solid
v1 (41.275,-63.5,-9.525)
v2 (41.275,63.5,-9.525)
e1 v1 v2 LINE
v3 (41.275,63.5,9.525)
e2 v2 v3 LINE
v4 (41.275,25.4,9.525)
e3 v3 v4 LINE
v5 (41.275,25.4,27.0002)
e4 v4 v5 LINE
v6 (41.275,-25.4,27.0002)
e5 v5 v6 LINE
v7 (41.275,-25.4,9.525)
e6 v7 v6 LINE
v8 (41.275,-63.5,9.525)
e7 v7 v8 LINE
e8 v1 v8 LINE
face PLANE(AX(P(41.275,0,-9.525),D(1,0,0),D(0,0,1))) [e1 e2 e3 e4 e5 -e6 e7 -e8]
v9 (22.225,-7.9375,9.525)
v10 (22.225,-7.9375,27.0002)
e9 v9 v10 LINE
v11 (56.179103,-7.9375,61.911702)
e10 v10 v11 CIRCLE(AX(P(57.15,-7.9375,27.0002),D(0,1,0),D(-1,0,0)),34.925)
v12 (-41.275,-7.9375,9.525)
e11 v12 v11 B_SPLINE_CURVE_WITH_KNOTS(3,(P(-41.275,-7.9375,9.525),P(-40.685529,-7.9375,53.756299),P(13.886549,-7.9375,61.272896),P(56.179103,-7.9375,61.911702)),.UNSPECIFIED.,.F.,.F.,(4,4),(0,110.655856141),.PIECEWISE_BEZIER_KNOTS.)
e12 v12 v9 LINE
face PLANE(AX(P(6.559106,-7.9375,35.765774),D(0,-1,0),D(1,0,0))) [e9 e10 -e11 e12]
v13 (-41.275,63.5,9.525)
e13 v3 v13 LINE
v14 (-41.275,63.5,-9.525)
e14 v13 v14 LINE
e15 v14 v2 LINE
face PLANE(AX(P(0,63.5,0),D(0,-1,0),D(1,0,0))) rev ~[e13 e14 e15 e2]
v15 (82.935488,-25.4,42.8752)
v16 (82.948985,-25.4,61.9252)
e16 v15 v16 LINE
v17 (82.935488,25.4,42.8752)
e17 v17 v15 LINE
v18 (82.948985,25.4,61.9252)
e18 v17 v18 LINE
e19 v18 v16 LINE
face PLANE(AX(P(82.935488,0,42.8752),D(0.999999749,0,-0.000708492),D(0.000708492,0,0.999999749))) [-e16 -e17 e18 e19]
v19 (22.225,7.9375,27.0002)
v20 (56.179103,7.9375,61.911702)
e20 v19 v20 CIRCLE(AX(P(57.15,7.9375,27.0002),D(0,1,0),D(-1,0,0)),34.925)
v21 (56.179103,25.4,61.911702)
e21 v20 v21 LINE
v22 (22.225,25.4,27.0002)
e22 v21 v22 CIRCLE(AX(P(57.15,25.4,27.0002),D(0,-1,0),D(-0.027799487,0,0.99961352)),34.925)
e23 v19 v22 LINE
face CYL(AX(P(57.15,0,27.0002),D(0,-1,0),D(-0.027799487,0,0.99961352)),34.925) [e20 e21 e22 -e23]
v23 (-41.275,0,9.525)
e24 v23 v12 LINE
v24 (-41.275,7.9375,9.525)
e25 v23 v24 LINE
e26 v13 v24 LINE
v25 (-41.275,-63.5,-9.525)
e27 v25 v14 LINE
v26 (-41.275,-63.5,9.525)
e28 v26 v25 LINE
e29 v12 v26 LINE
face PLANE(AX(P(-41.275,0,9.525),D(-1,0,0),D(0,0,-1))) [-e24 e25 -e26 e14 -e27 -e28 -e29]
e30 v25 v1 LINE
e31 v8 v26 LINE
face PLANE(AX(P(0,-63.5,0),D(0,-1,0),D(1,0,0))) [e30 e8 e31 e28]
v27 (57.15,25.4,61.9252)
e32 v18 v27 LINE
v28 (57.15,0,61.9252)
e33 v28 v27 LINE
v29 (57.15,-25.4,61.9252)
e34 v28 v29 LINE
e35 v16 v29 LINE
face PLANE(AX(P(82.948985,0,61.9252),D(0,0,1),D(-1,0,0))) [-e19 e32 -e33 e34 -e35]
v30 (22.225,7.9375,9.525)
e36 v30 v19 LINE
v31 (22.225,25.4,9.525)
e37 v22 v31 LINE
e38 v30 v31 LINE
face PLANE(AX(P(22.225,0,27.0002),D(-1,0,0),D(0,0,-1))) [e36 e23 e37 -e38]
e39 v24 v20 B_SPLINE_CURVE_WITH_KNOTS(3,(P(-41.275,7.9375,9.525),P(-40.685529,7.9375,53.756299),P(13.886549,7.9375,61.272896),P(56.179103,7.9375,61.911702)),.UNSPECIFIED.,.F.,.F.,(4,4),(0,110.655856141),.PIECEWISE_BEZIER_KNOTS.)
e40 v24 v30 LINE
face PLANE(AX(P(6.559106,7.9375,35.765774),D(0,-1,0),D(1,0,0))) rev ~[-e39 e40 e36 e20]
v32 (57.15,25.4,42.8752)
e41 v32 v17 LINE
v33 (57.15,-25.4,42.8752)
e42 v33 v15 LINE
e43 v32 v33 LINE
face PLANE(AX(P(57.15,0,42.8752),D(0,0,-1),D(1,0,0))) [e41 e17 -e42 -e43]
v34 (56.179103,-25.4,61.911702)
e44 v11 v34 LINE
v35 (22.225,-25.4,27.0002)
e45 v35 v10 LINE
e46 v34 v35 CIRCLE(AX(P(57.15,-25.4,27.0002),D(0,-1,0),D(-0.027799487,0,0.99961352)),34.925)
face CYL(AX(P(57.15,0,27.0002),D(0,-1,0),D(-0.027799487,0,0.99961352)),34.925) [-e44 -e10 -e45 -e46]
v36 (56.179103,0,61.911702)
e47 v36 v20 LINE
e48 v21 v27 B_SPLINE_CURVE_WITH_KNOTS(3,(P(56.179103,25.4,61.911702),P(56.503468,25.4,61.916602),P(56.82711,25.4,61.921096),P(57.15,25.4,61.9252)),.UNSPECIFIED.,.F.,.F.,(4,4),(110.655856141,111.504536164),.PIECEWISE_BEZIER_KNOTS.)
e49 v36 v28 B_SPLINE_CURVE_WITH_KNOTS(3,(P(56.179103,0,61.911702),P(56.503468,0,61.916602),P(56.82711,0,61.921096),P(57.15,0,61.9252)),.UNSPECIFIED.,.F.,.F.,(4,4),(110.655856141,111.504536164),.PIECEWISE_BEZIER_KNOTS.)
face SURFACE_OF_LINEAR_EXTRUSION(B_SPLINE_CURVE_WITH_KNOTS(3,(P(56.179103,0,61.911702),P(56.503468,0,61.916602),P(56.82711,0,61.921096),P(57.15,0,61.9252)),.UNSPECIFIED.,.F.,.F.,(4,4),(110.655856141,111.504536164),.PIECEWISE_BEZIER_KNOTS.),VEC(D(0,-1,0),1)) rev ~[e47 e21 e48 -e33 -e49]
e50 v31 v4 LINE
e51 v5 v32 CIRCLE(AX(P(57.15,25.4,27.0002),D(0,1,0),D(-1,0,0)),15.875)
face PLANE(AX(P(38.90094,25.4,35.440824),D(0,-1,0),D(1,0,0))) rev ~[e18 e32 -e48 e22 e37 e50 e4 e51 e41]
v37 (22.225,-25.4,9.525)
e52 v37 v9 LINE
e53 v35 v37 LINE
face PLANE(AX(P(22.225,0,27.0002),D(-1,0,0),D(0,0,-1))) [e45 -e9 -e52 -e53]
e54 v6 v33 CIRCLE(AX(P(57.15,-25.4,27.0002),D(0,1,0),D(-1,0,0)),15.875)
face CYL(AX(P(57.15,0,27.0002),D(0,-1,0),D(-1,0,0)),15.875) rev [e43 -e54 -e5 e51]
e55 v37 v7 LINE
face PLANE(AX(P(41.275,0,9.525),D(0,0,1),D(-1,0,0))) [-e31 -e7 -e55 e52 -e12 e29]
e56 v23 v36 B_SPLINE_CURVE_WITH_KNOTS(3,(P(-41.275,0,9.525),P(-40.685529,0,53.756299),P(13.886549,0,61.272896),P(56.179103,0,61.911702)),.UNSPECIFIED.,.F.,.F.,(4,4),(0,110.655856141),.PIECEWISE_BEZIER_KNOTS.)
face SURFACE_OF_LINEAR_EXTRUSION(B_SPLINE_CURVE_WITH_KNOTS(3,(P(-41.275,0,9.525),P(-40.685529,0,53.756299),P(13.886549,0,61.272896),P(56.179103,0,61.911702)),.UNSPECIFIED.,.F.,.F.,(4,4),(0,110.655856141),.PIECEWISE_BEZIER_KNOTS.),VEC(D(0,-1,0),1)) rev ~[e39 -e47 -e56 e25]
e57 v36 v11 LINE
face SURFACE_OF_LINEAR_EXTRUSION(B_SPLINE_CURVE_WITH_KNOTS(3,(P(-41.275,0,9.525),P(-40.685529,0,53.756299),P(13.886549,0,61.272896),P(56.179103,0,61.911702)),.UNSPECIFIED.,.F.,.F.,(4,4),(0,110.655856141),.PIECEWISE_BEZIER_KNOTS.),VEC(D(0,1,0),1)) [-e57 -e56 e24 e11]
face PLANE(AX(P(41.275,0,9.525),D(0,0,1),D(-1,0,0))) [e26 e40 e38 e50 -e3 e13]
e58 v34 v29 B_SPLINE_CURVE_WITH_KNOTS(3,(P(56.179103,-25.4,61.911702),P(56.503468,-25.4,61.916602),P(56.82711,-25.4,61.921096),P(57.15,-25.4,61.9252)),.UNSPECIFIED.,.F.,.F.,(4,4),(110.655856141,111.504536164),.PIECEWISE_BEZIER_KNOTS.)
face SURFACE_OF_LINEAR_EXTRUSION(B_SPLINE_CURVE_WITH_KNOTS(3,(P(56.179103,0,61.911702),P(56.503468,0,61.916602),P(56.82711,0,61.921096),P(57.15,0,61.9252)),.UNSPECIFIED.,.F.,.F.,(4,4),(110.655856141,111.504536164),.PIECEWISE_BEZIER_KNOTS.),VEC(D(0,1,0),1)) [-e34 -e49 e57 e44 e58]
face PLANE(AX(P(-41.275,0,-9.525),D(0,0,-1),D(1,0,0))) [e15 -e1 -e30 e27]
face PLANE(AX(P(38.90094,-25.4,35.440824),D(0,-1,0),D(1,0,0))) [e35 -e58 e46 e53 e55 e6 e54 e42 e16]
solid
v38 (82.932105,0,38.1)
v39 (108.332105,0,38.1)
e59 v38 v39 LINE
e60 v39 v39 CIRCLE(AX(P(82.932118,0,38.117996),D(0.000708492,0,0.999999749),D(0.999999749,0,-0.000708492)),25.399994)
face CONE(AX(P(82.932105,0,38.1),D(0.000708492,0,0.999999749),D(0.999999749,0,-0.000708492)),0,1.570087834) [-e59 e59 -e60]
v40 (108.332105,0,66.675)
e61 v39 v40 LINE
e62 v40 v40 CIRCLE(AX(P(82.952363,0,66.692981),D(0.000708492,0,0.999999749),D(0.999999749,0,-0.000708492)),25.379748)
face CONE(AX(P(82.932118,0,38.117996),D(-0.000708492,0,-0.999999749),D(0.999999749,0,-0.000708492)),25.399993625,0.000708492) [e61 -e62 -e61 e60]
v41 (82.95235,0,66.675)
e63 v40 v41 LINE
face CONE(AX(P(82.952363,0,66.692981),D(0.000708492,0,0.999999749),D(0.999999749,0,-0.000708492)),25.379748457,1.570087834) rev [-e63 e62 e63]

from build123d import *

# Parameters (mm, degrees)
F1_DEPTH = 63.5
F2_DEPTH = 25.4
F3_DEPTH = 7.9375


with BuildPart() as f1:
    # F0 (on Front) → F1 (new body, symmetric)
    with BuildSketch(Plane.XZ):
        Polygon((41.275, -9.525), (41.275, 9.525), (22.225, 9.525), (-41.275, 9.525), (-41.275, -9.525), align=None)
    extrude(amount=F1_DEPTH, both=True)

    # F0 (on Front) → F2 (join, symmetric)
    with BuildSketch(Plane.XZ):
        with BuildLine():
            Line((22.225, 9.525), (41.275, 9.525))
            Line((41.275, 9.525), (41.275, 27.0002))
            ThreePointArc((41.275, 27.0002), (45.9246798487, 38.2255201513), (57.15, 42.8752))
            Line((57.15, 42.8752), (57.532105205, 42.8752))
            Line((57.532105205, 42.8752), (57.532105205, 61.9252))
            Line((57.532105205, 61.9252), (57.15, 61.9252))
            add(Edge.make_bspline(
                [(56.1791029201, 61.9117021713), (56.5034675496, 61.9166015255), (56.827109874, 61.9210963149), (57.15, 61.9252)],
                knots=[110.6558561405, 110.6558561405, 110.6558561405, 110.6558561405, 111.5045361635, 111.5045361635, 111.5045361635, 111.5045361635], degree=3))
            ThreePointArc((56.1791029201, 61.9117021713), (32.1133847583, 51.3502209906), (22.225, 27.0002))
            Line((22.225, 27.0002), (22.225, 9.525))
        make_face()
        Polygon((57.532105205, 61.9252), (57.532105205, 42.8752), (82.9354883984, 42.8752), (82.9489851804, 61.9252), align=None)
    extrude(amount=F2_DEPTH, both=True)

    # F0 (on Front) → F3 (join, symmetric)
    with BuildSketch(Plane.XZ):
        with BuildLine():
            Line((-41.275, 9.525), (22.225, 9.525))
            Line((22.225, 9.525), (22.225, 27.0002))
            ThreePointArc((22.225, 27.0002), (32.1133847583, 51.3502209906), (56.1791029201, 61.9117021713))
            add(Edge.make_bspline(
                [(-41.275, 9.525), (-40.6855292219, 53.7562988264), (13.8865488249, 61.2728957708), (56.1791029201, 61.9117021713)],
                knots=[0, 0, 0, 0, 110.6558561405, 110.6558561405, 110.6558561405, 110.6558561405], degree=3))
        make_face()
    extrude(amount=F3_DEPTH, both=True)


with BuildPart() as f4:
    # F0 (on Front) → F4 (revolve)
    with BuildSketch(Plane.XZ):
        Polygon((82.9489851804, 61.9252), (82.9354883984, 42.8752), (82.932105205, 38.1), (108.332105205, 38.1), (108.332105205, 66.675), (82.952350378, 66.675), align=None)
    revolve(axis=Axis((82.9422277915, 0, 52.3875), (0.0007084923, 0, 0.999999749)))


solid = Compound([f1.part, f4.part])
